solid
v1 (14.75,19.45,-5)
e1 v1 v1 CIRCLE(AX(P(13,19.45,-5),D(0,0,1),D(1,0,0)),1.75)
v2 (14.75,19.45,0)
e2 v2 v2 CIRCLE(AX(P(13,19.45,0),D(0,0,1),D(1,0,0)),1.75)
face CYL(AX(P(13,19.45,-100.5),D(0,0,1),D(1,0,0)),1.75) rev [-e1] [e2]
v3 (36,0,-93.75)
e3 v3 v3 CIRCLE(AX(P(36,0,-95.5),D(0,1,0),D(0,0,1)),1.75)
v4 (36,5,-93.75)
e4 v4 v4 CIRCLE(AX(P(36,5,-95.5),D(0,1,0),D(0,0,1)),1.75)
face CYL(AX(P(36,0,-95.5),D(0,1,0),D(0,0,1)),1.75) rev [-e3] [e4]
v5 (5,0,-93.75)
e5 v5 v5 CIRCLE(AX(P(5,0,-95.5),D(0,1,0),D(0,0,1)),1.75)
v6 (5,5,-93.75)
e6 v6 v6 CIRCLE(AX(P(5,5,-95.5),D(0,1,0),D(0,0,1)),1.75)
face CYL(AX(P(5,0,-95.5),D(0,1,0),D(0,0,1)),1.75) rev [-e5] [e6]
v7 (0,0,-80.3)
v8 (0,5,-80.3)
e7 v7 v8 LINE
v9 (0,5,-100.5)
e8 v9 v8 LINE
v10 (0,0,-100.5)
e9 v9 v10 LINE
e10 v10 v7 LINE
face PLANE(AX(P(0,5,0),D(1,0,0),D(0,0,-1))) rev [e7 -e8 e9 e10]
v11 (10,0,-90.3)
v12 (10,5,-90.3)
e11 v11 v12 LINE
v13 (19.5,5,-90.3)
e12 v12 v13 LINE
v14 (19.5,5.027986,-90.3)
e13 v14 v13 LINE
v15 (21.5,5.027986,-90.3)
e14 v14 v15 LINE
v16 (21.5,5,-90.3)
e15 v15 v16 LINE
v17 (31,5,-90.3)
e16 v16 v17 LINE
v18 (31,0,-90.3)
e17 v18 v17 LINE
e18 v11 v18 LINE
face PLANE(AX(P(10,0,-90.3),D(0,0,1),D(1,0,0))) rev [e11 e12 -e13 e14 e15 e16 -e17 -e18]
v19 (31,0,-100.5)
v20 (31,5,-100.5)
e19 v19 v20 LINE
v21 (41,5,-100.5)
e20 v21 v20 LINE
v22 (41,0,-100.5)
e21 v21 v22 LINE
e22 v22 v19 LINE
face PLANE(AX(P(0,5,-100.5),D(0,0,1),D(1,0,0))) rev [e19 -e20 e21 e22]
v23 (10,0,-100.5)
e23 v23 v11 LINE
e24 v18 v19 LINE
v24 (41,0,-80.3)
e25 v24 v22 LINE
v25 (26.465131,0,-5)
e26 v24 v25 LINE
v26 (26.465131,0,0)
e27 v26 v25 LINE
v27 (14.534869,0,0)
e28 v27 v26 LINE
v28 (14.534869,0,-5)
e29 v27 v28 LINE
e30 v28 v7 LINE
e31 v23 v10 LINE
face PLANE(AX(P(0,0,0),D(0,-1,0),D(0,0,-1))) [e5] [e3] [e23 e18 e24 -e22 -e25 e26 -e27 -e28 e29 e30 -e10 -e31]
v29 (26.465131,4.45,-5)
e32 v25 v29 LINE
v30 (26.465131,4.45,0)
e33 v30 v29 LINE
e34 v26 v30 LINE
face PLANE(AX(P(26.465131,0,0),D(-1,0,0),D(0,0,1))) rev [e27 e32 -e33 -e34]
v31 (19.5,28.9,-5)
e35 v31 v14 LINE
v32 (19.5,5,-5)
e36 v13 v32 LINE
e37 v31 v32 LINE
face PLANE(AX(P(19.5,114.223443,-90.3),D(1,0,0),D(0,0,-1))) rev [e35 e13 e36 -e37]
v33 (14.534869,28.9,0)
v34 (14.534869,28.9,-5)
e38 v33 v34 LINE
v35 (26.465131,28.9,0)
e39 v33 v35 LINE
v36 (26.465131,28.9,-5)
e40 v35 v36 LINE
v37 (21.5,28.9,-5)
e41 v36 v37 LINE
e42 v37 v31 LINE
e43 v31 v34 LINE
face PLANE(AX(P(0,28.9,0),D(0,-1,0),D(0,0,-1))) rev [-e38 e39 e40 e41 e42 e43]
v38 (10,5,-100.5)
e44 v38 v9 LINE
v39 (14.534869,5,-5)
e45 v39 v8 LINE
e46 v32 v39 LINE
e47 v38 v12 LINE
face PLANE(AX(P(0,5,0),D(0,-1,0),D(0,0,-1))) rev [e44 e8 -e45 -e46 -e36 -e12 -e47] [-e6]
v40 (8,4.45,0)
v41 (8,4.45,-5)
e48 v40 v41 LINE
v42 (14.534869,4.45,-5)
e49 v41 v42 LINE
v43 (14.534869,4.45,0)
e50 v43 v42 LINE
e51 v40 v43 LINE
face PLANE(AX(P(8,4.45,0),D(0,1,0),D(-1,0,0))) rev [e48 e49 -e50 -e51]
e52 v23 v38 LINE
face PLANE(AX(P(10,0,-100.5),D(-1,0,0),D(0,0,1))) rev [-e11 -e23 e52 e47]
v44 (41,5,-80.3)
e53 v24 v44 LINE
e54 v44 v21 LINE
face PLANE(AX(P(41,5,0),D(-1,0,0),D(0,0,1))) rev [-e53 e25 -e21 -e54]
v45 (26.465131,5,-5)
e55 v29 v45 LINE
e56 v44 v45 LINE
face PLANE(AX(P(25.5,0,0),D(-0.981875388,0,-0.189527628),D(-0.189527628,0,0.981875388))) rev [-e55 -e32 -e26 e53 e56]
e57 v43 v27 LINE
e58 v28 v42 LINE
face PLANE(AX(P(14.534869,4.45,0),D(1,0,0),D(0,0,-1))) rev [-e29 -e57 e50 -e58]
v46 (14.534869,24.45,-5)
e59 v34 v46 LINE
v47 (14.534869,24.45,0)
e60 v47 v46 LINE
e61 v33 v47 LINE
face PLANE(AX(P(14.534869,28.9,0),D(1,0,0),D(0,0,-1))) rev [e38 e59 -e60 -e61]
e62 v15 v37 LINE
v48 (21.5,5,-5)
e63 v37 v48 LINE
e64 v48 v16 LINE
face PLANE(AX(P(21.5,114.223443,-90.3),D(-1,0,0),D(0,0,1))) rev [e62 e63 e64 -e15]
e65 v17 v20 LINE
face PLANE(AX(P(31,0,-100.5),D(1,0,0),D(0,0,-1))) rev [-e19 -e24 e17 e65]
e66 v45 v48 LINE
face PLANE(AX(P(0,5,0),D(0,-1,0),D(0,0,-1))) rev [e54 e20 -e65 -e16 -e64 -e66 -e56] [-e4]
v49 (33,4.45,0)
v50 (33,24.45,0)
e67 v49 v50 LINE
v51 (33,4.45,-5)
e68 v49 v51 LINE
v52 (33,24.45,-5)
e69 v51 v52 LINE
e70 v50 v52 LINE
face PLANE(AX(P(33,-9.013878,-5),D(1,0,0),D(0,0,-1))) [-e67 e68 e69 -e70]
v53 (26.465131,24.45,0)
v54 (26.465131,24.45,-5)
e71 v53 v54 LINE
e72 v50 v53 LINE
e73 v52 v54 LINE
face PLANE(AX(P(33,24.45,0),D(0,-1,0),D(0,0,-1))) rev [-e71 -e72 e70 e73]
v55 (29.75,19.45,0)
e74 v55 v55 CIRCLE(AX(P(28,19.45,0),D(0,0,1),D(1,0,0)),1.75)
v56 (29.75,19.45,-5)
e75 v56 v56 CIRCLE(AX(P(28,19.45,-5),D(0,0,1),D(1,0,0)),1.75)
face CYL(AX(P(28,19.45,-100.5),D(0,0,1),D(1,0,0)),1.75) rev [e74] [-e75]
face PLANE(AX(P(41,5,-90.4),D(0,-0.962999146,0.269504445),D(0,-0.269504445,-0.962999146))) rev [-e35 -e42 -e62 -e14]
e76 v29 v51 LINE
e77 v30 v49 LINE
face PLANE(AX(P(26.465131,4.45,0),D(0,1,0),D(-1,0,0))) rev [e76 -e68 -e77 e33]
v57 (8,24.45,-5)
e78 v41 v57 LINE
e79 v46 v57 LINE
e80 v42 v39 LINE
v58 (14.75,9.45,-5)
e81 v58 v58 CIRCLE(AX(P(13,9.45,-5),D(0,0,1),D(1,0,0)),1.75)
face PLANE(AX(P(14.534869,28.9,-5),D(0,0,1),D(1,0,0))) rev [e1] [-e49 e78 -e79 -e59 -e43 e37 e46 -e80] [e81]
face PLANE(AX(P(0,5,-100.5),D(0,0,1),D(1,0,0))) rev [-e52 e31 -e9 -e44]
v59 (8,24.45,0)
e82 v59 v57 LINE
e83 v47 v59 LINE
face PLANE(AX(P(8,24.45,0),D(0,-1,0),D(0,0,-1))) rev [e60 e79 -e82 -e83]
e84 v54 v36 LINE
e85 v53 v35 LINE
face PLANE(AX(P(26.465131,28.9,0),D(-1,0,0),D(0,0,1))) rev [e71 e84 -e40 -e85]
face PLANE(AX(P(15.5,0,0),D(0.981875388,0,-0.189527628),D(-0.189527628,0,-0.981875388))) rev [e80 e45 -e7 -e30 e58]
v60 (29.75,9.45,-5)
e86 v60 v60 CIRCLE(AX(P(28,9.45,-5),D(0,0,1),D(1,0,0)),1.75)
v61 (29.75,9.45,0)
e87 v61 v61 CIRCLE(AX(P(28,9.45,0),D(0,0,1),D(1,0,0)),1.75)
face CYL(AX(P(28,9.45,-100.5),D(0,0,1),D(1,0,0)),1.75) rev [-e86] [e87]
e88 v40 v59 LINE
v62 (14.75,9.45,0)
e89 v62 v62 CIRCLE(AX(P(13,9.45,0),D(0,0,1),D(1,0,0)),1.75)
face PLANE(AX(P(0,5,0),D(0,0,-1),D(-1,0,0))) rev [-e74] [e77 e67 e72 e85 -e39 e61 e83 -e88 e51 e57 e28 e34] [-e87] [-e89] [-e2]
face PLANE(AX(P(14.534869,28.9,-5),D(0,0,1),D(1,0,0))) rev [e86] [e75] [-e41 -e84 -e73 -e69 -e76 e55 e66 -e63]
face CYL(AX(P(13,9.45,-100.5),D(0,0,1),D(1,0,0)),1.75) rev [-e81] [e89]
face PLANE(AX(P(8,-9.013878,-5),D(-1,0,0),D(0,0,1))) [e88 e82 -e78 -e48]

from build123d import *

# Parameters (mm, degrees)
SKETCH1_W           = 41
SKETCH1_H           = 100.5
BOSS_EXTRUDE1_DEPTH = 5
SKETCH2_W           = 21
SKETCH2_H           = 10.2
CUT_EXTRUDE1_DEPTH  = 6
SKETCH9_R           = 1.75
CUT_EXTRUDE4_DEPTH  = 6
CUT_EXTRUDE5_DEPTH  = 6
BOSS_EXTRUDE4_DEPTH = 23.9
SKETCH16_W          = 2
SKETCH16_H          = 85.3
BOSS_EXTRUDE5_DEPTH = 23.9
CUT_EXTRUDE8_DEPTH  = 22.5
BOSS_EXTRUDE6_DEPTH = 28.9
SKETCH25_W          = 6.53486924
SKETCH25_H          = 4.45
CUT_EXTRUDE9_DEPTH  = 6
SKETCH26_R          = 1.75
CUT_EXTRUDE10_DEPTH = 101.5


with BuildPart() as part:
    # Sketch1 → Boss-Extrude1 (new body)
    with BuildSketch(Plane(origin=(0, 0, 0), x_dir=(1, 0, 0), z_dir=(0, 1, 0))):
        with Locations((20.5, 50.25)):
            Rectangle(SKETCH1_W, SKETCH1_H)
    extrude(amount=BOSS_EXTRUDE1_DEPTH)

    # Sketch2 → Cut-Extrude1 (cut, through all)
    with BuildSketch(Plane(origin=(0, 5, 0), x_dir=(1, 0, 0), z_dir=(0, 1, 0))):
        with Locations((20.5, 95.4)):
            Rectangle(SKETCH2_W, SKETCH2_H)
    extrude(amount=-CUT_EXTRUDE1_DEPTH, mode=Mode.SUBTRACT)

    # Sketch9 → Cut-Extrude4 (cut, through all)
    with BuildSketch(Plane(origin=(0, 5, 0), x_dir=(1, 0, 0), z_dir=(0, 1, 0))):
        with Locations((5, 95.5)):
            Circle(SKETCH9_R)
        with Locations((36, 95.5)):
            Circle(SKETCH9_R)
    extrude(amount=-CUT_EXTRUDE4_DEPTH, mode=Mode.SUBTRACT)

    # Sketch11 → Cut-Extrude5 (cut, through all)
    with BuildSketch(Plane(origin=(0, 5, 0), x_dir=(1, 0, 0), z_dir=(0, 1, 0))):
        Polygon((15.5, 0), (0, 80.3), (0, 0), align=None)
        Polygon((25.5, 0), (41, 80.3), (41, 0), align=None)
    extrude(amount=-CUT_EXTRUDE5_DEPTH, mode=Mode.SUBTRACT)

    # Sketch12 → Boss-Extrude4 (add)
    with BuildSketch(Plane(origin=(0, 5, 0), x_dir=(1, 0, 0), z_dir=(0, 1, 0))):
        Polygon((25.5, 0), (15.5, 0), (14.53486924, 5), (26.46513076, 5), align=None)
    extrude(amount=BOSS_EXTRUDE4_DEPTH)

    # Sketch16 → Boss-Extrude5 (add)
    with BuildSketch(Plane(origin=(0, 5, 0), x_dir=(1, 0, 0), z_dir=(0, 1, 0))):
        with Locations((20.5, 47.65)):
            Rectangle(SKETCH16_W, SKETCH16_H)
    extrude(amount=BOSS_EXTRUDE5_DEPTH)

    # Sketch17 → Cut-Extrude8 (cut, through all)
    with BuildSketch(Plane.ZY.offset(-19.5)):
        Polygon((-90.4, 5), (-5, 28.9), (-90.3, 28.9), align=None)
    extrude(amount=-CUT_EXTRUDE8_DEPTH, mode=Mode.SUBTRACT)

    # Sketch23 → Boss-Extrude6 (add)
    with BuildSketch(Plane(origin=(0, 28.9, 0), x_dir=(1, 0, 0), z_dir=(0, 1, 0))):
        Polygon((26.46513076, 5), (33, 5), (33, 0), (25.5, 0), align=None)
        Polygon((14.53486924, 5), (8, 5), (8, 0), (15.5, 0), align=None)
    extrude(amount=-BOSS_EXTRUDE6_DEPTH)

    # Sketch25 → Cut-Extrude9 (cut, through all)
    with BuildSketch(Plane(origin=(0, 0, -5), x_dir=(-1, 0, 0), z_dir=(0, 0, -1))):
        with Locations((-11.26743462, 2.225)):
            Rectangle(SKETCH25_W, SKETCH25_H)
        with Locations((-29.73256538, 2.225)):
            Rectangle(SKETCH25_W, SKETCH25_H)
        with Locations((-11.26743462, 26.675)):
            Rectangle(SKETCH25_W, SKETCH25_H)
        with Locations((-29.73256538, 26.675)):
            Rectangle(SKETCH25_W, SKETCH25_H)
    extrude(amount=-CUT_EXTRUDE9_DEPTH, mode=Mode.SUBTRACT)

    # Sketch26 → Cut-Extrude10 (cut, through all)
    with BuildSketch(Plane.XY):
        with Locations((13, 19.45)):
            Circle(SKETCH26_R)
        with Locations((28, 19.45)):
            Circle(SKETCH26_R)
        with Locations((13, 9.45)):
            Circle(SKETCH26_R)
        with Locations((28, 9.45)):
            Circle(SKETCH26_R)
    extrude(amount=-CUT_EXTRUDE10_DEPTH, mode=Mode.SUBTRACT)


solid = part.part
